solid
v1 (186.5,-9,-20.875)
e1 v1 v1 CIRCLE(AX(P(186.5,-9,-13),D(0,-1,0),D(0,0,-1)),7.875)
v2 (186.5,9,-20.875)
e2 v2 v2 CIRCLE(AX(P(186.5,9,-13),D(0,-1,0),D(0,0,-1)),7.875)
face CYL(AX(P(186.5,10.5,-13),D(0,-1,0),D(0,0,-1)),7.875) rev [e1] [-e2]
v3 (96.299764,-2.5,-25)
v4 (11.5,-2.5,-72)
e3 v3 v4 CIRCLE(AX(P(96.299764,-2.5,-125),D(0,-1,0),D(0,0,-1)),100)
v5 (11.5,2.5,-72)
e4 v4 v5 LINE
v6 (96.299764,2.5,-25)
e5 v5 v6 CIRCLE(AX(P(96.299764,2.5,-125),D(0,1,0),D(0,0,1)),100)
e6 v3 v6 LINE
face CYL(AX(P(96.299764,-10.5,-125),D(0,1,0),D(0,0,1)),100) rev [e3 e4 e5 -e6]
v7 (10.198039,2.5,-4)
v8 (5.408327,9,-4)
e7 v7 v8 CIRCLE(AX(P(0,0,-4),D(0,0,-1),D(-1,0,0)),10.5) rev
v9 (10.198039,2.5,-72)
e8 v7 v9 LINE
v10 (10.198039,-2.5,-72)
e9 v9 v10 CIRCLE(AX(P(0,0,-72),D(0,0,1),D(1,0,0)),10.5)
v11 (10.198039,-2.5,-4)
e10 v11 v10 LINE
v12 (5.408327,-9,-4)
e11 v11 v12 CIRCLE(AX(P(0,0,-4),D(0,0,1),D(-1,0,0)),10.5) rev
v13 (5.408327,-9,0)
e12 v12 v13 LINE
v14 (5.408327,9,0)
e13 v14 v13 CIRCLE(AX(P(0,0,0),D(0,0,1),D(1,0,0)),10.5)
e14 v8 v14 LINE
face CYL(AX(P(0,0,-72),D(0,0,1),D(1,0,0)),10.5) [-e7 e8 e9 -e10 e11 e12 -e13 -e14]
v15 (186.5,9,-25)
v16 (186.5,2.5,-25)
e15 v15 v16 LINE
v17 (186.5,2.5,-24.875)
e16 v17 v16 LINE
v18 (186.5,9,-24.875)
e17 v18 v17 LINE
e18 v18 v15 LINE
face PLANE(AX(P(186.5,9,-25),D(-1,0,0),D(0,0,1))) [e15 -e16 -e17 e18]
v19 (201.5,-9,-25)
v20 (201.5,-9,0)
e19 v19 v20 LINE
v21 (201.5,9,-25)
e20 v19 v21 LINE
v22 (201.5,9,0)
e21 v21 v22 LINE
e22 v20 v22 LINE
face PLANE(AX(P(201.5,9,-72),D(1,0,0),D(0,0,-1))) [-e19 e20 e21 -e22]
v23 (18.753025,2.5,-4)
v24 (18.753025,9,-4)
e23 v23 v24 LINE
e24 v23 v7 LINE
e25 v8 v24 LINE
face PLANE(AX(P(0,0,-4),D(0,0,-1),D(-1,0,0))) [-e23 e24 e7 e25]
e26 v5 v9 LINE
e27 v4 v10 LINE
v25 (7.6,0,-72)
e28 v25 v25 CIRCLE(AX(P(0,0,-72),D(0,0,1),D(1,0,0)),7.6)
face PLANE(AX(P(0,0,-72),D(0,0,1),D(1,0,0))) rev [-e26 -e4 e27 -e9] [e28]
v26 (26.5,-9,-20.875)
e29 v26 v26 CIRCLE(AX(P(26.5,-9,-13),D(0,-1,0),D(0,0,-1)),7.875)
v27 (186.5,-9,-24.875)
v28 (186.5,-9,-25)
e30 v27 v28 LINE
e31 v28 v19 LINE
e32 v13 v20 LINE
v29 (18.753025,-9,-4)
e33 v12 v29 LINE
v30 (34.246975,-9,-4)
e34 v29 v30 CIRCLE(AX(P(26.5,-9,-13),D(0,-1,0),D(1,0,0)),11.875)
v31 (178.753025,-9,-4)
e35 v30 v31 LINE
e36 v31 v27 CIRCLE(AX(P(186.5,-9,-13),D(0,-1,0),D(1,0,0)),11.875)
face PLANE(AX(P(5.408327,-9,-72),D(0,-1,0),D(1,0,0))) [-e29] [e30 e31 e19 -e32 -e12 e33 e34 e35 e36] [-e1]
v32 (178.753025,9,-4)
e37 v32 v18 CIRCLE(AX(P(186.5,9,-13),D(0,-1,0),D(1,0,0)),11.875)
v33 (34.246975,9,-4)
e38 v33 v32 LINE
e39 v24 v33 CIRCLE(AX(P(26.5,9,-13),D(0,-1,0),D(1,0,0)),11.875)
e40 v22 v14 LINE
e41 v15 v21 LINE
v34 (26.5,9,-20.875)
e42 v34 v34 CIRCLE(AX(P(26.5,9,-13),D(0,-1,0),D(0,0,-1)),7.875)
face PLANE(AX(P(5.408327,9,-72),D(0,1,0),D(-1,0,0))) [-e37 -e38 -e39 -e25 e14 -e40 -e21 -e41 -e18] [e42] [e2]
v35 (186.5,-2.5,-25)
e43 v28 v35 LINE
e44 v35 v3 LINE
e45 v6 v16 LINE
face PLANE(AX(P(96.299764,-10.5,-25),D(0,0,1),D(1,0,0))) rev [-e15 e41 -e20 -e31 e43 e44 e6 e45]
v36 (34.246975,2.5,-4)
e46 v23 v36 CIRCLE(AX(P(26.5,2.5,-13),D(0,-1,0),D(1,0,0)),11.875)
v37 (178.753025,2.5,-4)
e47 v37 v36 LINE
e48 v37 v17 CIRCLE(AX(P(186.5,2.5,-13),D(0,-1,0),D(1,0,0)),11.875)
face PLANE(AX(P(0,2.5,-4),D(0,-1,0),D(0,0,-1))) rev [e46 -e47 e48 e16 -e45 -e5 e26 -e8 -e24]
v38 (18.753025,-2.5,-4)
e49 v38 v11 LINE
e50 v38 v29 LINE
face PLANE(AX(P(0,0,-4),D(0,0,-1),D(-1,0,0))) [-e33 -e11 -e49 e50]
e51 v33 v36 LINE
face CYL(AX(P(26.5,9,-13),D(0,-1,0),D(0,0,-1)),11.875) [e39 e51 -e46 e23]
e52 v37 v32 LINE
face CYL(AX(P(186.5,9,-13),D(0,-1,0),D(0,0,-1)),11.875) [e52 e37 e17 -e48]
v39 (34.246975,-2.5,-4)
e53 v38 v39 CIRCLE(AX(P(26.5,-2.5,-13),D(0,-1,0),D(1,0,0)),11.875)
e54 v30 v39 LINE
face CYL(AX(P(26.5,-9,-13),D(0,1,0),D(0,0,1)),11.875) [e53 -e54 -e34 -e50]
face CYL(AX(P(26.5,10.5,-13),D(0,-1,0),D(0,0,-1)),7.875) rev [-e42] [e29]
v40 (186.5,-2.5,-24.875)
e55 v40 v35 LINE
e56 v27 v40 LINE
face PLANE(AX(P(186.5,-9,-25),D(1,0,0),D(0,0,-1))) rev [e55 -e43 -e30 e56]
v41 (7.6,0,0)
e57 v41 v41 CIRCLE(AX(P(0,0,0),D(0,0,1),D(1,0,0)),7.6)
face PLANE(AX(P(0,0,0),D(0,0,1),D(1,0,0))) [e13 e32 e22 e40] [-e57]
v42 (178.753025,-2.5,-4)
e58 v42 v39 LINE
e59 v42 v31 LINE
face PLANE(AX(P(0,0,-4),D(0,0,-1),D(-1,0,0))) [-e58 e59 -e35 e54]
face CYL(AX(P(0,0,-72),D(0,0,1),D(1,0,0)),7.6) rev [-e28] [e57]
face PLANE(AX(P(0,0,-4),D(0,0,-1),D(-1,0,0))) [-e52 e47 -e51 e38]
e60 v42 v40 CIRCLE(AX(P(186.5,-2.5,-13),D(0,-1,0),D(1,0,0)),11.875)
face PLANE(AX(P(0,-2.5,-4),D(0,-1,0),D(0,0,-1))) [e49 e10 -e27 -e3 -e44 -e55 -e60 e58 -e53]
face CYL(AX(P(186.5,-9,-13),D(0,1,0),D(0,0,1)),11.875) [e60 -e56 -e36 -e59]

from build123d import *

# Parameters (mm, degrees)
SKETCH1_R           = 10.5
BOSS_EXTRUDE1_DEPTH = 72
SKETCH2_R           = 7.6
CUT_EXTRUDE5_DEPTH  = 74.515304529
BOSS_EXTRUDE2_DEPTH = 72
CUT_EXTRUDE2_START  = -68
CUT_EXTRUDE2_DEPTH  = 68
CUT_EXTRUDE3_DEPTH  = 215.371756535
SKETCH6_R           = 7.875
CUT_EXTRUDE4_DEPTH  = 215.371756535
EXTRUDE_THIN1_START = 6.5
SKETCH7_R           = 11.875
SKETCH7_R_2         = 7.875
EXTRUDE_THIN1_DEPTH = 6.5
BOSS_EXTRUDE3_START = 6.5
BOSS_EXTRUDE3_DEPTH = 6.5


with BuildPart() as part:
    # Sketch1 → Boss-Extrude1 (new body)
    with BuildSketch(Plane.XY):
        Circle(SKETCH1_R)
    extrude(amount=-BOSS_EXTRUDE1_DEPTH)

    # Sketch2 → Cut-Extrude5 (cut, through all)
    with BuildSketch(Plane.XY):
        Circle(SKETCH2_R)
    extrude(amount=-CUT_EXTRUDE5_DEPTH, mode=Mode.SUBTRACT)

    # Sketch3 → Boss-Extrude2 (add)
    with BuildSketch(Plane.XY):
        with BuildLine():
            Line((5.408326913, 9), (201.5, 9))
            Line((201.5, 9), (201.5, -9))
            Line((201.5, -9), (5.408326913, -9))
            ThreePointArc((5.408326913, -9), (10.5, 0), (5.408326913, 9))
        make_face()
    extrude(amount=-BOSS_EXTRUDE2_DEPTH)

    # Sketch4 → Cut-Extrude2 (cut)
    with BuildSketch(Plane(origin=(0, 0, -72), x_dir=(-1, 0, 0), z_dir=(0, 0, -1)).offset(CUT_EXTRUDE2_START)):
        with BuildLine():
            Line((-201.5, 9), (-201.5, 2.5))
            Line((-201.5, 2.5), (-10.198039027, 2.5))
            ThreePointArc((-10.198039027, 2.5), (-8.452938215, 6.228790856), (-5.408326913, 9))
            Line((-5.408326913, 9), (-201.5, 9))
        make_face()
    cut_extrude2 = extrude(amount=CUT_EXTRUDE2_DEPTH, mode=Mode.SUBTRACT)

    # Mirror1: Cut-Extrude2 across plane
    add(cut_extrude2.mirror(Plane.ZX), mode=Mode.SUBTRACT)

    # Sketch5 → Cut-Extrude3 (cut, through all)
    with BuildSketch(Plane(origin=(0, 2.5, 0), x_dir=(1, 0, 0), z_dir=(0, 1, 0))):
        with BuildLine():
            Line((96.299764151, 25), (201.5, 25))
            Line((201.5, 25), (201.5, 72))
            Line((201.5, 72), (11.5, 72))
            ThreePointArc((11.5, 72), (47.822965576, 37.535721577), (96.299764151, 25))
        make_face()
    extrude(amount=-CUT_EXTRUDE3_DEPTH, mode=Mode.SUBTRACT)

    # Sketch6 → Cut-Extrude4 (cut, through all)
    with BuildSketch(Plane.XZ.offset(2.5)):
        with Locations(Location((186.5, -13, 0), (0, 0, 270))):
            Circle(SKETCH6_R)
        with Locations(Location((26.5, -13, 0), (0, 0, 270))):
            Circle(SKETCH6_R)
    extrude(amount=-CUT_EXTRUDE4_DEPTH, mode=Mode.SUBTRACT)

    # Sketch7 → Extrude-Thin1 (add)
    # profile 1 of 2: a face of its own
    with BuildSketch(Plane.XZ.offset(2.5).offset(EXTRUDE_THIN1_START)):
        with Locations((26.5, -13)):
            Circle(SKETCH7_R)
        with Locations((26.5, -13)):
            Circle(SKETCH7_R_2, mode=Mode.SUBTRACT)
    # profile 2 of 2: a face of its own
    with BuildSketch(Plane.XZ.offset(2.5).offset(EXTRUDE_THIN1_START)):
        with Locations((186.5, -13)):
            Circle(SKETCH7_R)
        with Locations((186.5, -13)):
            Circle(SKETCH7_R_2, mode=Mode.SUBTRACT)
    extrude_thin1 = extrude(amount=-EXTRUDE_THIN1_DEPTH)

    # Sketch8 → Boss-Extrude3 (add)
    with BuildSketch(Plane.XZ.offset(2.5).offset(BOSS_EXTRUDE3_START)):
        with BuildLine():
            Line((201.5, -4), (194.246975216, -4))
            ThreePointArc((194.246975216, -4), (197.633072914, -17.13162347), (186.5, -24.875))
            Line((186.5, -24.875), (186.5, -25))
            Line((186.5, -25), (201.5, -25))
            Line((201.5, -25), (201.5, -4))
        make_face()
    boss_extrude3 = extrude(amount=-BOSS_EXTRUDE3_DEPTH)

    # Mirror2: Extrude-Thin1, Boss-Extrude3 across plane
    add(extrude_thin1.mirror(Plane.ZX))
    add(boss_extrude3.mirror(Plane.ZX))


solid = part.part
